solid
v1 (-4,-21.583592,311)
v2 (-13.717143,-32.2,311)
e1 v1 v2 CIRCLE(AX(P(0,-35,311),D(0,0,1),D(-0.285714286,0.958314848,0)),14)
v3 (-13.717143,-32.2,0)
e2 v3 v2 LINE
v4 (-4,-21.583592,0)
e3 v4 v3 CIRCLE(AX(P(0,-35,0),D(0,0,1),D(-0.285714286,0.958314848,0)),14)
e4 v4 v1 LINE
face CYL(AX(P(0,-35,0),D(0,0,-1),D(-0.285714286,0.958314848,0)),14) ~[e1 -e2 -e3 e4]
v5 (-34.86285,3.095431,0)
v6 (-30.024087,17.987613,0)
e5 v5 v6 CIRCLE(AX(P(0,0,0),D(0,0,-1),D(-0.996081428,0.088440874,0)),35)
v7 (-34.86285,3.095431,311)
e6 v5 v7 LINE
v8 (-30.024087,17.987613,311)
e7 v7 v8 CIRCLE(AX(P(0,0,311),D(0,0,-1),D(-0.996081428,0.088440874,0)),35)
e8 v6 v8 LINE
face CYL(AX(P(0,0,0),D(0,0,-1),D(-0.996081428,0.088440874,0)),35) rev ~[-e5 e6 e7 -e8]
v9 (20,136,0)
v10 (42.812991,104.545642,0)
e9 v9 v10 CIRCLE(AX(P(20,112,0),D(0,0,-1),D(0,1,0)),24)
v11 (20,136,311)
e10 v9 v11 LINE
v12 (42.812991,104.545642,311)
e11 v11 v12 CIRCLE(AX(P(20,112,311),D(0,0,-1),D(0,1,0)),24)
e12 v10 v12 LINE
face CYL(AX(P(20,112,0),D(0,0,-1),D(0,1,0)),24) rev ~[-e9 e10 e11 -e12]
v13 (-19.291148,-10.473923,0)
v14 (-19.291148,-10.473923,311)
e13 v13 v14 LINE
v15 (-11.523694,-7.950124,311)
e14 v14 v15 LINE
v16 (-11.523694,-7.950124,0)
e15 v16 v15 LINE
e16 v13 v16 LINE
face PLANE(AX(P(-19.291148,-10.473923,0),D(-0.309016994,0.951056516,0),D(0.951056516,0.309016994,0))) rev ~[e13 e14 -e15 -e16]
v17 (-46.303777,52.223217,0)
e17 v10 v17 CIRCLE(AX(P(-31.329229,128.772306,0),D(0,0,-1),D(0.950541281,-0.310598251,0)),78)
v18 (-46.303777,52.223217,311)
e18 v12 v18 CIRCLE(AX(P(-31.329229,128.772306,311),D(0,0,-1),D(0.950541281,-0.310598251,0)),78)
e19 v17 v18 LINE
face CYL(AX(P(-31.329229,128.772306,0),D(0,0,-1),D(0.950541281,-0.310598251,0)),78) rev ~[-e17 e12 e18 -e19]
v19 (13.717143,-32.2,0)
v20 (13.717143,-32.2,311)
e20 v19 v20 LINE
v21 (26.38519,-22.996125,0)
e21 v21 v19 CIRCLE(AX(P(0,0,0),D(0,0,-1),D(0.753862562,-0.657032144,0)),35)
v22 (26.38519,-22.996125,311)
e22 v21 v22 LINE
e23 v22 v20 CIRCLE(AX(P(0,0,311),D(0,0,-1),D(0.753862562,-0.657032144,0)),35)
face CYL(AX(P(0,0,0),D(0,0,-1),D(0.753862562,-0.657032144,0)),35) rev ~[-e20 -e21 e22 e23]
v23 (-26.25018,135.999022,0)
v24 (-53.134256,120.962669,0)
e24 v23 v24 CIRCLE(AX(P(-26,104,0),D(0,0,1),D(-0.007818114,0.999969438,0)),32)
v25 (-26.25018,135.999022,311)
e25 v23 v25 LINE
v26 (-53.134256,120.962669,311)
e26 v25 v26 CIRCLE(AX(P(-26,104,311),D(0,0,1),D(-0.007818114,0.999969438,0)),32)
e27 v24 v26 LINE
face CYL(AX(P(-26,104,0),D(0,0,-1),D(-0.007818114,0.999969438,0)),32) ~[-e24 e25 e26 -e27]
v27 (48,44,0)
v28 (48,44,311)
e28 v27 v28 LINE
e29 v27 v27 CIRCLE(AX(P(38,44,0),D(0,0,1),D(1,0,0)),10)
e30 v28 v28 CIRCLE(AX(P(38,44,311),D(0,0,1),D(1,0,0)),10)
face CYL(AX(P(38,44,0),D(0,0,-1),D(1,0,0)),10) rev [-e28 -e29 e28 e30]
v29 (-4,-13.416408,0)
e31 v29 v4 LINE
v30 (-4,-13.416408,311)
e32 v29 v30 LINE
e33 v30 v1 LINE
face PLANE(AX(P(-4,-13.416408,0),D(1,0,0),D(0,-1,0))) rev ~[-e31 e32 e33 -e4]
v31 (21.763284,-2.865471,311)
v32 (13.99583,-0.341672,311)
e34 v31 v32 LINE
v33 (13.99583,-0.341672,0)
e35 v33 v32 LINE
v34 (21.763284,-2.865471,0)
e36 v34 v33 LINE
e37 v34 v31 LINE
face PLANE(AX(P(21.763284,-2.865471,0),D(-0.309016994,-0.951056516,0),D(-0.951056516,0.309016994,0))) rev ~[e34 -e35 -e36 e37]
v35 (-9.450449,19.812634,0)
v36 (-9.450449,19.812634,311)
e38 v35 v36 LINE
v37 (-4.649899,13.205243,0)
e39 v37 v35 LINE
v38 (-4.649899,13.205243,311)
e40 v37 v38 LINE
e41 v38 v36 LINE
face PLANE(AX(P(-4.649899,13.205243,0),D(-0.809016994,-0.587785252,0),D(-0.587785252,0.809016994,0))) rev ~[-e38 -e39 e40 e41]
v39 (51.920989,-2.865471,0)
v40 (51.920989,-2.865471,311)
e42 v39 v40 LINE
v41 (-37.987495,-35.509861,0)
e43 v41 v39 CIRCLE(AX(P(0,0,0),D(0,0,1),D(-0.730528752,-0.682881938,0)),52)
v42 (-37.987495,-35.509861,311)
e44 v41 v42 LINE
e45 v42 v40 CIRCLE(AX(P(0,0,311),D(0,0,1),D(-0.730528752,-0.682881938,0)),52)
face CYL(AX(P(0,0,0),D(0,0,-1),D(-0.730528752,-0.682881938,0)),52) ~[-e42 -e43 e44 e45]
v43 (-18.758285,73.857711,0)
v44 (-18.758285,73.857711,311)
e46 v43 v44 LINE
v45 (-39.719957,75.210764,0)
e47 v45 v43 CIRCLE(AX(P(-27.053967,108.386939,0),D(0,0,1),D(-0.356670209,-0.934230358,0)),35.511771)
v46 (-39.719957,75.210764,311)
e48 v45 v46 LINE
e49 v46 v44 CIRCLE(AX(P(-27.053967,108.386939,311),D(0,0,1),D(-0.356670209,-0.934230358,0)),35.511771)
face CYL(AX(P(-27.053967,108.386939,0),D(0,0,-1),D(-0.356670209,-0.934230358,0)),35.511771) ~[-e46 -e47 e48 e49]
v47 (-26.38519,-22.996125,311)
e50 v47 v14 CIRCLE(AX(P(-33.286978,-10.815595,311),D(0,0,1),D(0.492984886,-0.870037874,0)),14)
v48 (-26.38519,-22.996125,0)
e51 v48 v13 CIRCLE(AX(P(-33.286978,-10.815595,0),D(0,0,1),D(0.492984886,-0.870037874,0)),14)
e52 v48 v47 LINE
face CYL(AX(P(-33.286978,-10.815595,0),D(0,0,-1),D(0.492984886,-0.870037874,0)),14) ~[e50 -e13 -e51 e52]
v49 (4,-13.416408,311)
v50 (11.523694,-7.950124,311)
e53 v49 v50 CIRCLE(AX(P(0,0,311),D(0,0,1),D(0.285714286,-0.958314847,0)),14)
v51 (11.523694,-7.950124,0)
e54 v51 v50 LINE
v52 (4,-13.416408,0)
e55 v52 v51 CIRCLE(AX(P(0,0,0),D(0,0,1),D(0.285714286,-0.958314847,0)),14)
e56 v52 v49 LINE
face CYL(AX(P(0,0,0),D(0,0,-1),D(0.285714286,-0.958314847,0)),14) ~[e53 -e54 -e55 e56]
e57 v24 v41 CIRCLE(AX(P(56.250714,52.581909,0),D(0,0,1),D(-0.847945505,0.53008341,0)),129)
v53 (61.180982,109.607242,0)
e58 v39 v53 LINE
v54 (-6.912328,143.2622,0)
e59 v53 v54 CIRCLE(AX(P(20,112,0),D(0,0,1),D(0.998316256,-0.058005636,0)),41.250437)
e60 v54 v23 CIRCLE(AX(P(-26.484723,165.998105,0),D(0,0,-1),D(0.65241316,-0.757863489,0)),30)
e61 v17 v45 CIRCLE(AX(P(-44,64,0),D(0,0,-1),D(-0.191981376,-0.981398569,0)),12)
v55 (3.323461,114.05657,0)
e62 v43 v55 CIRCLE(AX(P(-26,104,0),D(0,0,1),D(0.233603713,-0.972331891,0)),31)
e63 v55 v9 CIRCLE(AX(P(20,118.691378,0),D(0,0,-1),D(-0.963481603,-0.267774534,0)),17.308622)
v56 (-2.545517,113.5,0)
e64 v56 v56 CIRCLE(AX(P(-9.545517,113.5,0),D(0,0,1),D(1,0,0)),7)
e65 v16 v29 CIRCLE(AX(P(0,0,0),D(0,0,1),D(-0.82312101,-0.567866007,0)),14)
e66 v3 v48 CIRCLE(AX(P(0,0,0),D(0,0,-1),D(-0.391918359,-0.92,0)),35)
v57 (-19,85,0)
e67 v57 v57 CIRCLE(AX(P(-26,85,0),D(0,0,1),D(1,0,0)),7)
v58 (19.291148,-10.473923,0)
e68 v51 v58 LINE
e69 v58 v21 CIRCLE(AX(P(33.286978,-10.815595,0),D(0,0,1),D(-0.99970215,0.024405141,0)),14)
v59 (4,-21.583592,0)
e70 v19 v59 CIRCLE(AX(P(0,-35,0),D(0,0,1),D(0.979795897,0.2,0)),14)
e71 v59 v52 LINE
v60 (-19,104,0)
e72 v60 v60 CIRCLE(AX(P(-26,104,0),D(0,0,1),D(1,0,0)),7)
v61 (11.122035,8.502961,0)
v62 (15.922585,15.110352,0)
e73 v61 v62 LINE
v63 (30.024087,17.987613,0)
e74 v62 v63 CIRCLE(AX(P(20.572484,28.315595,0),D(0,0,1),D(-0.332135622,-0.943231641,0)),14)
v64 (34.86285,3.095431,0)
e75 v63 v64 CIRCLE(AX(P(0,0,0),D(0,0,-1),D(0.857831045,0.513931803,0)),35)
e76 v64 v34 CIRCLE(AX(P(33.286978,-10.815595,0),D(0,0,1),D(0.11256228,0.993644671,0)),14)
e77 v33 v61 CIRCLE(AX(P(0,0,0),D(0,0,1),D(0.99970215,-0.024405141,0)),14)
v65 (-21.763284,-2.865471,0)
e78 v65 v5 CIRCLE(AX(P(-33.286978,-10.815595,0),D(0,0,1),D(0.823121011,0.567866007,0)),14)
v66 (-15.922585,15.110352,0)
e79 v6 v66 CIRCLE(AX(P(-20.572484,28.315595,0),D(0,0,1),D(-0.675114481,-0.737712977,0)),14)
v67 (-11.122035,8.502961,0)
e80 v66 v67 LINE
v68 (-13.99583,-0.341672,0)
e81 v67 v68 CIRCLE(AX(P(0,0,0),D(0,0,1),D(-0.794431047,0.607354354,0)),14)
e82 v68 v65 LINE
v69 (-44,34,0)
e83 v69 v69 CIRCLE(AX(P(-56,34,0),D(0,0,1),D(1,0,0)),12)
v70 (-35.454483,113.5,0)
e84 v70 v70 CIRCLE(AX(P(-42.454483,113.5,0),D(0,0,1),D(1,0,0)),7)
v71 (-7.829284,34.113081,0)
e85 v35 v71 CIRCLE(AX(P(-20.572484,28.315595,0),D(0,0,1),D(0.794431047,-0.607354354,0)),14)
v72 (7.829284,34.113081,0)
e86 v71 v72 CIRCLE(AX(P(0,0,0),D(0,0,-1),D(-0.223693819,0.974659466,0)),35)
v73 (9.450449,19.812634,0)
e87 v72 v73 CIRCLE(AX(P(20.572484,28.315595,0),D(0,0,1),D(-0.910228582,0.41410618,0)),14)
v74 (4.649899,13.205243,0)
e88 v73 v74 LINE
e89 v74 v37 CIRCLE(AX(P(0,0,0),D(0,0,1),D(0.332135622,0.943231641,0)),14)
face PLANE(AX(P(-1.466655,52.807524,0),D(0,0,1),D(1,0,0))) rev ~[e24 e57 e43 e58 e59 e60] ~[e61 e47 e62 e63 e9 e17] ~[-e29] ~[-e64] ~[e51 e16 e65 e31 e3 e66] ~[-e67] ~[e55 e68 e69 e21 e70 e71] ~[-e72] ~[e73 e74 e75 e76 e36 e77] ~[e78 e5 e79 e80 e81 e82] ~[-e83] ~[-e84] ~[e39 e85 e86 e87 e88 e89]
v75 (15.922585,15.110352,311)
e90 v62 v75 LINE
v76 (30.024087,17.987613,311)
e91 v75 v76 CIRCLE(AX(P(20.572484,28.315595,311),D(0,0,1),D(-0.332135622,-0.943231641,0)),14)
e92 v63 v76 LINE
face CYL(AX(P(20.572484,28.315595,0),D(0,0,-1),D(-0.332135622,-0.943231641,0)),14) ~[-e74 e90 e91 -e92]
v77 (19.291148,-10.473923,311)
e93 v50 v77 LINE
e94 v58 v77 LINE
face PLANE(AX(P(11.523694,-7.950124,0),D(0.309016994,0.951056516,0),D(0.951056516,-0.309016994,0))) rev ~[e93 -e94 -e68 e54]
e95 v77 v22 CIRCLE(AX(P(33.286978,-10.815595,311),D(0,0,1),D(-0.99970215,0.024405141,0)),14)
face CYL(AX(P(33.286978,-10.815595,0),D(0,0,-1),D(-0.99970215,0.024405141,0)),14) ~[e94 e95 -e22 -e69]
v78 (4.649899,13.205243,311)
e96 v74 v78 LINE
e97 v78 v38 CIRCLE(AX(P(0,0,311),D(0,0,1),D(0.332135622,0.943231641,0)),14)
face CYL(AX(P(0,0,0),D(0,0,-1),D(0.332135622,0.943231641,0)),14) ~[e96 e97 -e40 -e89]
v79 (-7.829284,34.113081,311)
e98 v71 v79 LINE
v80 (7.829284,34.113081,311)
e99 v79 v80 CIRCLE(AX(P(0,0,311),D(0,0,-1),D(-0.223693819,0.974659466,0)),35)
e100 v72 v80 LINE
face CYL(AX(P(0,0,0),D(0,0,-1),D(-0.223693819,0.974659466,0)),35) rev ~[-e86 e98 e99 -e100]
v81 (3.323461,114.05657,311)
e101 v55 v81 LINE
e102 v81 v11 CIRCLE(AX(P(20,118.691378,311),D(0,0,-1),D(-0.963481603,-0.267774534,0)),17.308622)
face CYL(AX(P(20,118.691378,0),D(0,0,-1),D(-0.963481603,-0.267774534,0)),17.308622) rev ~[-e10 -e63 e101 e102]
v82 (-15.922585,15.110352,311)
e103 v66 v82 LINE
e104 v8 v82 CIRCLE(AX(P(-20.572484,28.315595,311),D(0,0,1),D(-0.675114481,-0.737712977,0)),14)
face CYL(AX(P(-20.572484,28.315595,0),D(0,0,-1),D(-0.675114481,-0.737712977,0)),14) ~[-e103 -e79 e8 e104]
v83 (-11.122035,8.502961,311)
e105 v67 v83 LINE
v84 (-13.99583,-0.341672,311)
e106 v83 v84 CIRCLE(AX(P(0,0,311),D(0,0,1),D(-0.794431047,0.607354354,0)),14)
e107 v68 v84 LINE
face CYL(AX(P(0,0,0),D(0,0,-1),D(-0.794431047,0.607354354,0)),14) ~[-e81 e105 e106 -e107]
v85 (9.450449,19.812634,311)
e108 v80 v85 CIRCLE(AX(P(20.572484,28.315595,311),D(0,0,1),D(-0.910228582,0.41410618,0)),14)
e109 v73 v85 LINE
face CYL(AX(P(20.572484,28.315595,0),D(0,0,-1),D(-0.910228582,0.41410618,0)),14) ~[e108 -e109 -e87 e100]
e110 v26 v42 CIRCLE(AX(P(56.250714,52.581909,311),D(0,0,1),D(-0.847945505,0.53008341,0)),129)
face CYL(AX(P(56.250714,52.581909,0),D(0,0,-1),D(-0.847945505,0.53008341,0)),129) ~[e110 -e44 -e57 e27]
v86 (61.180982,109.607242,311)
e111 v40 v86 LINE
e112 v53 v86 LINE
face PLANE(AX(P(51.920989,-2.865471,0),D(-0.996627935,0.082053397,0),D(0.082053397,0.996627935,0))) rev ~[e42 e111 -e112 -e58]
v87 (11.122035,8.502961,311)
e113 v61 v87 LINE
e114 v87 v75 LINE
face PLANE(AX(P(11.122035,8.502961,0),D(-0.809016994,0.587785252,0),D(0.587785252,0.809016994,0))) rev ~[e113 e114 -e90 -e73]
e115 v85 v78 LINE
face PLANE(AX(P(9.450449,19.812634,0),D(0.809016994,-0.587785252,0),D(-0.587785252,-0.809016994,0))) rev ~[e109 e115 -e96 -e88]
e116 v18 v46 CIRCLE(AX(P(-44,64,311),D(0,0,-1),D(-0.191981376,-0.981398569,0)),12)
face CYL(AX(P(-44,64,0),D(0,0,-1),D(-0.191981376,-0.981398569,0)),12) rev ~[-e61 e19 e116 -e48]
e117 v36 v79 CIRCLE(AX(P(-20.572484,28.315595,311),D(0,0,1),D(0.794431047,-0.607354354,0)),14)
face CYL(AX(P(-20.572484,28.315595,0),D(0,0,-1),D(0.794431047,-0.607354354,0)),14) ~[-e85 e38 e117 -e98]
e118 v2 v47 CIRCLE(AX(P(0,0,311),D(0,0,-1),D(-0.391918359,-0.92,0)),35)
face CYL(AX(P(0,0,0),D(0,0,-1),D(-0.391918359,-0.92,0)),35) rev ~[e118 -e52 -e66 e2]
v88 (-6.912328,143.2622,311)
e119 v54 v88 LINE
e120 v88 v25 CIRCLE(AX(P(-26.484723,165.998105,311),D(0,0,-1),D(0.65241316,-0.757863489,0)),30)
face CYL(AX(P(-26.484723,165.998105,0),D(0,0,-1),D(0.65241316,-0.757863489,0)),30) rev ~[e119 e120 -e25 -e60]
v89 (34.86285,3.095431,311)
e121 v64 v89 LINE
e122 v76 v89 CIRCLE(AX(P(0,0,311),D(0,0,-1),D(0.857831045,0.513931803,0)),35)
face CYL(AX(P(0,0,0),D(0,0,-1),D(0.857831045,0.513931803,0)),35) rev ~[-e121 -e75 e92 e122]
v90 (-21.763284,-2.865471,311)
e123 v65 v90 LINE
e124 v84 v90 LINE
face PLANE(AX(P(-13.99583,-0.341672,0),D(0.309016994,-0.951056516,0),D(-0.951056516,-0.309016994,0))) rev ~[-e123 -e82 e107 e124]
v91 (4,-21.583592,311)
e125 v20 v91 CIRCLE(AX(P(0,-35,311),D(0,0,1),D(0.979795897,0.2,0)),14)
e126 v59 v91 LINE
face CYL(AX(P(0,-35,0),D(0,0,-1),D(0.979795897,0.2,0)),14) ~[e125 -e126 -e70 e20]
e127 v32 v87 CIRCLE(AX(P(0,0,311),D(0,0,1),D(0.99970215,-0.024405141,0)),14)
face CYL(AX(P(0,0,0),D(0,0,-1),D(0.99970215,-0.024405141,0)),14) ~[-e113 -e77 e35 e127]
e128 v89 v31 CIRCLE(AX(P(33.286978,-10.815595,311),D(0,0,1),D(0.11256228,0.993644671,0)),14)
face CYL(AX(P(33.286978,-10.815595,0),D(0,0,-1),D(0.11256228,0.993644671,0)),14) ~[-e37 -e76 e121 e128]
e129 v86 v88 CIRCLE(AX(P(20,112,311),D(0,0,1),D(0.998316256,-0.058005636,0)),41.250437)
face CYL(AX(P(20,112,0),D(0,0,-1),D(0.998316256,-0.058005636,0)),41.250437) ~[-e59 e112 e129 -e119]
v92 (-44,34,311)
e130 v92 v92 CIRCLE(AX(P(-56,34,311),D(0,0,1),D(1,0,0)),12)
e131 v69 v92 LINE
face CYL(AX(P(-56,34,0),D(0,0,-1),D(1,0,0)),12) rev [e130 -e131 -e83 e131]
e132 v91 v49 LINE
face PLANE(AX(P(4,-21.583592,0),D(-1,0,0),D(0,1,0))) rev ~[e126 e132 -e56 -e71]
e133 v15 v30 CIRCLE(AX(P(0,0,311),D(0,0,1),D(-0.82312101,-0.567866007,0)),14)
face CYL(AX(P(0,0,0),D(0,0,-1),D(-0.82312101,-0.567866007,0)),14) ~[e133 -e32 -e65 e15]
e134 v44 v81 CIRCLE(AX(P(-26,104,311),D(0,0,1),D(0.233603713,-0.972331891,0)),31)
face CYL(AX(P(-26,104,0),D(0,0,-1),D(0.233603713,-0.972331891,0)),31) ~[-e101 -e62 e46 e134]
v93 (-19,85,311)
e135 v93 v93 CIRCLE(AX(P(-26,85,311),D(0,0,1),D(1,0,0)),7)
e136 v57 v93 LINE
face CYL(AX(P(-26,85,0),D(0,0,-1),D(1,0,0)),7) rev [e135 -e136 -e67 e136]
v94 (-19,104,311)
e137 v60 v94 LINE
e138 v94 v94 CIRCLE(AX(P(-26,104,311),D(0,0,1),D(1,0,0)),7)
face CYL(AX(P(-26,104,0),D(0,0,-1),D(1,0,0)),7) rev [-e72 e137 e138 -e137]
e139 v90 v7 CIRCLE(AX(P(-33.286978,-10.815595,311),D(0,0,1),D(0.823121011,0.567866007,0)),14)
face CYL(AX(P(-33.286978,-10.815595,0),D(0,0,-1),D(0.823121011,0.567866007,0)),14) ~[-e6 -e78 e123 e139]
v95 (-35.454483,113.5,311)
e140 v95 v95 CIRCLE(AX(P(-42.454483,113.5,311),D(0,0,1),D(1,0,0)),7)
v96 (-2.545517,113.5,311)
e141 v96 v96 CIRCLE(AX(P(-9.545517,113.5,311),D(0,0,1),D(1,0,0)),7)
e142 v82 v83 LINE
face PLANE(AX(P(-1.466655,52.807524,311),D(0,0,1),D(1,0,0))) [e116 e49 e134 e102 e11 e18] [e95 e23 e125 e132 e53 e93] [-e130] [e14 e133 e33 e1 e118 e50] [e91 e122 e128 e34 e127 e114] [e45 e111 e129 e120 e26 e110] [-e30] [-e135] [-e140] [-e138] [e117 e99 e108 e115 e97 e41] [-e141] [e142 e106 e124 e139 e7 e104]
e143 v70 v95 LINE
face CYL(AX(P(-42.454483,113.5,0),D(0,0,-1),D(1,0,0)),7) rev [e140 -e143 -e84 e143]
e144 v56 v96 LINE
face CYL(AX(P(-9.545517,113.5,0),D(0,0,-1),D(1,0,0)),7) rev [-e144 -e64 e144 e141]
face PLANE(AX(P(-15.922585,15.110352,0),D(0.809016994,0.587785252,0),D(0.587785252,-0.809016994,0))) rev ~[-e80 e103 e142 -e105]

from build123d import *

# Parameters (mm, degrees)
SKETCH_1_R      = 12
SKETCH_1_R_2    = 10
SKETCH_1_R_3    = 7
EXTRUDE_1_DEPTH = 311


with BuildPart() as part:
    # Эскиз1 → Бобышка-Вытянуть1 (new body)
    with BuildSketch(Plane.XY):
        with BuildLine():
            ThreePointArc((-37.98749513, -35.509860796), (17.746819787, -48.877913084), (51.920988797, -2.865470704))
            Line((51.920988797, -2.865470704), (61.180982268, 109.607242119))
            ThreePointArc((61.180982268, 109.607242119), (38.277381578, 148.980209754), (-6.912328256, 143.262200477))
            ThreePointArc((-6.912328256, 143.262200477), (-15.936398986, 137.913716983), (-26.250179642, 135.999022019))
            ThreePointArc((-26.250179642, 135.999022019), (-41.620493207, 131.928483524), (-53.134256146, 120.962669112))
            ThreePointArc((-53.134256146, 120.962669112), (-72.149102751, 40.15262637), (-37.98749513, -35.509860796))
        make_face()
        with BuildLine():
            ThreePointArc((-11.523694148, -7.950124099), (-8.228993532, -11.326237921), (-4, -13.416407865))
            Line((-4, -13.416407865), (-4, -21.583592135))
            ThreePointArc((-4, -21.583592135), (-10.327212311, -25.547556618), (-13.71714256, -32.2))
            ThreePointArc((-13.71714256, -32.2), (-20.57248383, -28.315594803), (-26.38518966, -22.996125035))
            ThreePointArc((-26.38518966, -22.996125035), (-21.105886088, -17.716391723), (-19.291147968, -10.473922835))
            Line((-19.291147968, -10.473922835), (-11.523694148, -7.950124099))
        make_face(mode=Mode.SUBTRACT)
        with Locations((-56, 34)):
            Circle(SKETCH_1_R, mode=Mode.SUBTRACT)
        with BuildLine():
            ThreePointArc((-11.122034659, 8.502960957), (-13.314791228, 4.326237921), (-13.995830103, -0.341671969))
            Line((-13.995830103, -0.341671969), (-21.763283923, -2.865470704))
            ThreePointArc((-21.763283923, -2.865470704), (-27.488454305, 1.927133403), (-34.86284999, 3.095430597))
            ThreePointArc((-34.86284999, 3.095430597), (-33.28697807, 10.815594803), (-30.024086569, 17.987613119))
            ThreePointArc((-30.024086569, 17.987613119), (-23.371367276, 14.598224375), (-15.922585126, 15.110351828))
            Line((-15.922585126, 15.110351828), (-11.122034659, 8.502960957))
        make_face(mode=Mode.SUBTRACT)
        with BuildLine():
            Line((4, -21.583592135), (4, -13.416407865))
            ThreePointArc((4, -13.416407865), (8.228993532, -11.326237921), (11.523694148, -7.950124099))
            Line((11.523694148, -7.950124099), (19.291147968, -10.473922835))
            ThreePointArc((19.291147968, -10.473922835), (21.105886088, -17.716391723), (26.38518966, -22.996125035))
            ThreePointArc((26.38518966, -22.996125035), (20.57248383, -28.315594803), (13.71714256, -32.2))
            ThreePointArc((13.71714256, -32.2), (10.327212311, -25.547556618), (4, -21.583592135))
        make_face(mode=Mode.SUBTRACT)
        with BuildLine():
            ThreePointArc((4.649898704, 13.205242975), (0, 14), (-4.649898704, 13.205242975))
            Line((-4.649898704, 13.205242975), (-9.450449171, 19.812633846))
            ThreePointArc((-9.450449171, 19.812633846), (-6.661586748, 26.738590562), (-7.829283679, 34.113081319))
            ThreePointArc((-7.829283679, 34.113081319), (0, 35), (7.829283679, 34.113081319))
            ThreePointArc((7.829283679, 34.113081319), (6.661586748, 26.738590562), (9.450449171, 19.812633846))
            Line((9.450449171, 19.812633846), (4.649898704, 13.205242975))
        make_face(mode=Mode.SUBTRACT)
        with BuildLine():
            ThreePointArc((13.995830103, -0.341671969), (13.314791228, 4.326237921), (11.122034659, 8.502960957))
            Line((11.122034659, 8.502960957), (15.922585126, 15.110351828))
            ThreePointArc((15.922585126, 15.110351828), (23.371367276, 14.598224375), (30.024086569, 17.987613119))
            ThreePointArc((30.024086569, 17.987613119), (33.28697807, 10.815594803), (34.86284999, 3.095430597))
            ThreePointArc((34.86284999, 3.095430597), (27.488454305, 1.927133403), (21.763283923, -2.865470704))
            Line((21.763283923, -2.865470704), (13.995830103, -0.341671969))
        make_face(mode=Mode.SUBTRACT)
        with Locations((38, 44)):
            Circle(SKETCH_1_R_2, mode=Mode.SUBTRACT)
        with Locations((-26, 85)):
            Circle(SKETCH_1_R_3, mode=Mode.SUBTRACT)
        with BuildLine():
            ThreePointArc((-39.719957497, 75.210764299), (-29.341451826, 72.9489184), (-18.758284903, 73.857711393))
            ThreePointArc((-18.758284903, 73.857711393), (1.170574134, 89.074856744), (3.323461498, 114.056570279))
            ThreePointArc((3.323461498, 114.056570279), (6.219388218, 129.16434937), (20, 136))
            ThreePointArc((20, 136), (39.428131569, 126.090695644), (42.812990739, 104.545641977))
            ThreePointArc((42.812990739, 104.545641977), (8.162699165, 61.508737426), (-46.303776516, 52.223217173))
            ThreePointArc((-46.303776516, 52.223217173), (-55.536170835, 67.30405243), (-39.719957497, 75.210764299))
        make_face(mode=Mode.SUBTRACT)
        with Locations((-42.454482672, 113.5)):
            Circle(SKETCH_1_R_3, mode=Mode.SUBTRACT)
        with Locations((-26, 104)):
            Circle(SKETCH_1_R_3, mode=Mode.SUBTRACT)
        with Locations((-9.545517328, 113.5)):
            Circle(SKETCH_1_R_3, mode=Mode.SUBTRACT)
    extrude(amount=EXTRUDE_1_DEPTH)


solid = part.part
